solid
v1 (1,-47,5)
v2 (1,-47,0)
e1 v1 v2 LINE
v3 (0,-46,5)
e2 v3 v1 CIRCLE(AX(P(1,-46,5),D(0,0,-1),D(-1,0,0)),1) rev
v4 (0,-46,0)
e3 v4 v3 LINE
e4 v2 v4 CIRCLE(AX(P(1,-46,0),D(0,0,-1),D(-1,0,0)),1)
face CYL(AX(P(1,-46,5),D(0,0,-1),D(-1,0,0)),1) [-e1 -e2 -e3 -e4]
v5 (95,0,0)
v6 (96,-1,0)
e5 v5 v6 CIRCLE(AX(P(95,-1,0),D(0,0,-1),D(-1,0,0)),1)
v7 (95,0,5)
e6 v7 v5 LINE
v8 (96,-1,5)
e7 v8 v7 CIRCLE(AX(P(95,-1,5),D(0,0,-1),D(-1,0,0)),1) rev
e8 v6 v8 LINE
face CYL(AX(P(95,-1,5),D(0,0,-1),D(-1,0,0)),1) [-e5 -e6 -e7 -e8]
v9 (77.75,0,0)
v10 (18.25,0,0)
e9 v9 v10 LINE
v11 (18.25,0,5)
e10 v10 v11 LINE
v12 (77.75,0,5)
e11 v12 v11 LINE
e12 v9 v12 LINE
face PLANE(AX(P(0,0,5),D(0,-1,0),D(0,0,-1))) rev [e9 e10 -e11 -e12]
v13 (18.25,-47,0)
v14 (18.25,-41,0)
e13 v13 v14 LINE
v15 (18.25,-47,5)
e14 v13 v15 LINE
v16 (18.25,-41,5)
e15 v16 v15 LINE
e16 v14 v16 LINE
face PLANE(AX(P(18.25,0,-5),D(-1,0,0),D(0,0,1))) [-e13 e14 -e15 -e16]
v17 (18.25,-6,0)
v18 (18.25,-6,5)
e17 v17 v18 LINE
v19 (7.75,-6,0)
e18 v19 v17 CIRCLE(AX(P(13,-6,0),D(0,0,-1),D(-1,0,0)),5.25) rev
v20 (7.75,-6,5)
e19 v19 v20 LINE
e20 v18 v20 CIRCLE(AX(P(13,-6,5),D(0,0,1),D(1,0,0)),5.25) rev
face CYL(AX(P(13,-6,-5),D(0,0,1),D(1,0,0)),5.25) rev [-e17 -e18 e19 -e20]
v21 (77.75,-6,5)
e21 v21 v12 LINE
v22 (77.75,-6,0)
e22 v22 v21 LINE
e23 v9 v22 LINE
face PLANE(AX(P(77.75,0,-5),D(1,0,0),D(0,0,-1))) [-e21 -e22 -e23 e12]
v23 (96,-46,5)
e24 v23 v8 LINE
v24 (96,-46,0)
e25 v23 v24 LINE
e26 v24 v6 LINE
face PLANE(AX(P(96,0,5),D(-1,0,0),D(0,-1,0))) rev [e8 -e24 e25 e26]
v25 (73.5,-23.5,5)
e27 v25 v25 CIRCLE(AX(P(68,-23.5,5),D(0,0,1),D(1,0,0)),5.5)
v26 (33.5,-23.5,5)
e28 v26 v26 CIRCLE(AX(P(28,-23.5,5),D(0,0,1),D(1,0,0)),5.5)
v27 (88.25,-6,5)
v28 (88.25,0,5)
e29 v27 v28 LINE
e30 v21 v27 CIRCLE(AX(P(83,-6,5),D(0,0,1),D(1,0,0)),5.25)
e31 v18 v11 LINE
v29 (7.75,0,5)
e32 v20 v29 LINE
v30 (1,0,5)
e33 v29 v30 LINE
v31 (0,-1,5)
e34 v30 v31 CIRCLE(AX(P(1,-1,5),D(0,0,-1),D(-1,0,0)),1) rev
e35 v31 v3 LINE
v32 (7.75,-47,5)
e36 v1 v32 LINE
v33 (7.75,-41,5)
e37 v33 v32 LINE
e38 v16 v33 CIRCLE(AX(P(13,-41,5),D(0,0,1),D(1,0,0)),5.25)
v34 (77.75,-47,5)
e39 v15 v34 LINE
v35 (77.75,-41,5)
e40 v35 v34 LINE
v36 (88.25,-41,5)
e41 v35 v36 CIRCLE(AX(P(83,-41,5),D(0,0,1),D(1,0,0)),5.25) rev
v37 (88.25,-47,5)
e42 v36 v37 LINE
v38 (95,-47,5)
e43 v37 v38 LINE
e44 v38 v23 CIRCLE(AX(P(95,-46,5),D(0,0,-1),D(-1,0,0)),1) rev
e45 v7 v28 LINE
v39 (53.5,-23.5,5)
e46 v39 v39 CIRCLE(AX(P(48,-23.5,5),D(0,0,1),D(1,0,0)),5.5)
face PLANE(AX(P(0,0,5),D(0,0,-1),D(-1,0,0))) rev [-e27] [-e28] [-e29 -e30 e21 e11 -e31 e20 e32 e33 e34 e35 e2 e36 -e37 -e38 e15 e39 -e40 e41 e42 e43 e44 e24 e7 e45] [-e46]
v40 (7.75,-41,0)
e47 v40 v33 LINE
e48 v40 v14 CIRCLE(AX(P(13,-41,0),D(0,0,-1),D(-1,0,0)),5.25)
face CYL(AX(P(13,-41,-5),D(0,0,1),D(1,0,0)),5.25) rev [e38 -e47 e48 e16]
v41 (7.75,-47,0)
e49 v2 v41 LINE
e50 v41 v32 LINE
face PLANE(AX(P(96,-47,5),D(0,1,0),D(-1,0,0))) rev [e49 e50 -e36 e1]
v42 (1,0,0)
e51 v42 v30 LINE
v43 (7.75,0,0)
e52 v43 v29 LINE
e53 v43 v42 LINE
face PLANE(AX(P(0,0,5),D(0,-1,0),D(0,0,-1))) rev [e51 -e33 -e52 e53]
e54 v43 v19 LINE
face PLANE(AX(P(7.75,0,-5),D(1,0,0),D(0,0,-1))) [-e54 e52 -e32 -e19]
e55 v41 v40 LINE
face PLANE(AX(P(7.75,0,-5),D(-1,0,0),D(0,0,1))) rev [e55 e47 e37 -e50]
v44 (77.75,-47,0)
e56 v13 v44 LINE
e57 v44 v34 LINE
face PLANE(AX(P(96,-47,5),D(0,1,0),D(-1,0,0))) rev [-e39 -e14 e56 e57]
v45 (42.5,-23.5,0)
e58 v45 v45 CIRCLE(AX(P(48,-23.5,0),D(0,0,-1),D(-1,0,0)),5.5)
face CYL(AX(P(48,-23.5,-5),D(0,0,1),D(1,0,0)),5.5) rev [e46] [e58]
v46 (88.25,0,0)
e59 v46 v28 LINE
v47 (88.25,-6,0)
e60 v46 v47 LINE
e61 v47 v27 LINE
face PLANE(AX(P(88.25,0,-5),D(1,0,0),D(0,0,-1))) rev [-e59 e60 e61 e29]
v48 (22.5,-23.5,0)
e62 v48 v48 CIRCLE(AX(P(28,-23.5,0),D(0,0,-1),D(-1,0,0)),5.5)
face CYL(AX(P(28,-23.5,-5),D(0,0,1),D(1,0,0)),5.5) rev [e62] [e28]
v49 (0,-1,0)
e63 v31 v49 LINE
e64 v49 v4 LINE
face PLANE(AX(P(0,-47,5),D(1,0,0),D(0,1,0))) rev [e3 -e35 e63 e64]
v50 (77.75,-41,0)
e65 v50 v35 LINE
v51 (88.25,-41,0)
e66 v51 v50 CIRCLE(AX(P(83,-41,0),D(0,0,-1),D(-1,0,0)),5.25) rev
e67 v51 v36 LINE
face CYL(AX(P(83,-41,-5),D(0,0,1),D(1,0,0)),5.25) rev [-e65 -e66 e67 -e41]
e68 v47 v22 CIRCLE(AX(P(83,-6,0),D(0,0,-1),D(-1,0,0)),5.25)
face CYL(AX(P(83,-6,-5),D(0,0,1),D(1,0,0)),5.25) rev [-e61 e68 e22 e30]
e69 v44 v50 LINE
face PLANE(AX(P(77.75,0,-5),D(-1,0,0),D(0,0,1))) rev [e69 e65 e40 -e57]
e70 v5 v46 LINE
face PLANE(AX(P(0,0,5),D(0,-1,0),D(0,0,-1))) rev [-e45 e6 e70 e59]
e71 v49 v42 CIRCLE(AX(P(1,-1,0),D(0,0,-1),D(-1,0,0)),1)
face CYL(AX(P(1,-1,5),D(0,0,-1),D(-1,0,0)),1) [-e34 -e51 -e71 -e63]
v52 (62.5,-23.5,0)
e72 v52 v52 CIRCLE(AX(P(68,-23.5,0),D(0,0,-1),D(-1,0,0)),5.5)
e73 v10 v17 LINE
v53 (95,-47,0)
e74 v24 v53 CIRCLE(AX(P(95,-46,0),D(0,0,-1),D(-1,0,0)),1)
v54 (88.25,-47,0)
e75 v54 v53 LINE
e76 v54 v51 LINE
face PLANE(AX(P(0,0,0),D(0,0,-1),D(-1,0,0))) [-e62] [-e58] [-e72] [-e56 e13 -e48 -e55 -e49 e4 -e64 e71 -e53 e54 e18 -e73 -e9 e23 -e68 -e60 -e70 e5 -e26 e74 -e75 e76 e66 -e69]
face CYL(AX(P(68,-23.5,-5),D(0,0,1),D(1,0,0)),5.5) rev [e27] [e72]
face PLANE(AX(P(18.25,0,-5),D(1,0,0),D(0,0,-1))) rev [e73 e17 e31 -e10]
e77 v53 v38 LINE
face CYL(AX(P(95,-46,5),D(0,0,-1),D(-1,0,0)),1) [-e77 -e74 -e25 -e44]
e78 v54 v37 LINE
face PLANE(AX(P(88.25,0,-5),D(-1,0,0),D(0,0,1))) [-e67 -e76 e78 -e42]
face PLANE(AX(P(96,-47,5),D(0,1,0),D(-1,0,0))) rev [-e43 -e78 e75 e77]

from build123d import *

# Parameters (mm, degrees)
SKETCH_1_W          = 96
SKETCH_1_H          = 47
EXTRUDE_1_DEPTH     = 5
FILLET_1_R          = 1
CUT_EXTRUDE_2_DEPTH = 10
SKETCH_2_R          = 5.25
CUT_EXTRUDE_3_DEPTH = 10


with BuildPart() as part:
    # 草图1 → 凸台-拉伸1 (new body)
    with BuildSketch(Plane.XY):
        with Locations((48, -23.5)):
            Rectangle(SKETCH_1_W, SKETCH_1_H)
    extrude(amount=EXTRUDE_1_DEPTH)

    # 圆角1
    fillet_1_edges = [part.edges().sort_by_distance(p)[0] for p in [
        (0, 0, 2.5),
        (96, 0, 2.5),
        (96, -47, 2.5),
        (0, -47, 2.5),
    ]]
    fillet(fillet_1_edges, radius=FILLET_1_R)

    # 草图8 → 切除-拉伸2 (cut)
    with BuildSketch(Plane.XY.offset(5)):
        with BuildLine():
            ThreePointArc((22.5, -23.5), (28, -29), (33.5, -23.5))
            Line((33.5, -23.5), (22.5, -23.5))
        make_face()
        with BuildLine():
            Line((22.5, -23.5), (33.5, -23.5))
            ThreePointArc((33.5, -23.5), (28, -18), (22.5, -23.5))
        make_face()
        with BuildLine():
            ThreePointArc((42.5, -23.5), (44.110912703, -27.389087297), (48, -29))
            Line((48, -29), (48, -23.5))
            Line((48, -23.5), (42.5, -23.5))
        make_face()
        with BuildLine():
            Line((48, -23.5), (48, -29))
            ThreePointArc((48, -29), (51.889087297, -27.389087297), (53.5, -23.5))
            Line((53.5, -23.5), (48, -23.5))
        make_face()
        with BuildLine():
            Line((42.5, -23.5), (48, -23.5))
            Line((48, -23.5), (48, -18))
            ThreePointArc((48, -18), (44.110912703, -19.610912703), (42.5, -23.5))
        make_face()
        with BuildLine():
            Line((48, -18), (48, -23.5))
            Line((48, -23.5), (53.5, -23.5))
            ThreePointArc((53.5, -23.5), (51.889087297, -19.610912703), (48, -18))
        make_face()
        with BuildLine():
            ThreePointArc((73.5, -23.5), (68, -18), (62.5, -23.5))
            Line((62.5, -23.5), (73.5, -23.5))
        make_face()
        with BuildLine():
            Line((73.5, -23.5), (62.5, -23.5))
            ThreePointArc((62.5, -23.5), (68, -29), (73.5, -23.5))
        make_face()
    extrude(amount=-CUT_EXTRUDE_2_DEPTH, mode=Mode.SUBTRACT)

    # 草图2 → 切除-拉伸3 (cut)
    with BuildSketch(Plane.XY.offset(5)):
        with Locations((83, -6)):
            Circle(SKETCH_2_R)
        with Locations((13, -6)):
            Circle(SKETCH_2_R)
        with Locations((13, -41)):
            Circle(SKETCH_2_R)
        with Locations((83, -41)):
            Circle(SKETCH_2_R)
        with BuildLine():
            Line((18.25, -6), (18.25, 0))
            Line((18.25, 0), (7.75, 0))
            Line((7.75, 0), (7.75, -6))
            ThreePointArc((7.75, -6), (13, -0.75), (18.25, -6))
        make_face()
        with BuildLine():
            Line((7.75, -47), (18.25, -47))
            Line((18.25, -47), (18.25, -41))
            ThreePointArc((18.25, -41), (13, -46.25), (7.75, -41))
            Line((7.75, -41), (7.75, -47))
        make_face()
        with BuildLine():
            Line((77.75, -41), (77.75, -47))
            Line((77.75, -47), (88.25, -47))
            Line((88.25, -47), (88.25, -41))
            ThreePointArc((88.25, -41), (83, -46.25), (77.75, -41))
        make_face()
        with BuildLine():
            Line((88.25, 0), (77.75, 0))
            Line((77.75, 0), (77.75, -6))
            ThreePointArc((77.75, -6), (83, -0.75), (88.25, -6))
            Line((88.25, -6), (88.25, 0))
        make_face()
    extrude(amount=-CUT_EXTRUDE_3_DEPTH, mode=Mode.SUBTRACT)


solid = part.part
